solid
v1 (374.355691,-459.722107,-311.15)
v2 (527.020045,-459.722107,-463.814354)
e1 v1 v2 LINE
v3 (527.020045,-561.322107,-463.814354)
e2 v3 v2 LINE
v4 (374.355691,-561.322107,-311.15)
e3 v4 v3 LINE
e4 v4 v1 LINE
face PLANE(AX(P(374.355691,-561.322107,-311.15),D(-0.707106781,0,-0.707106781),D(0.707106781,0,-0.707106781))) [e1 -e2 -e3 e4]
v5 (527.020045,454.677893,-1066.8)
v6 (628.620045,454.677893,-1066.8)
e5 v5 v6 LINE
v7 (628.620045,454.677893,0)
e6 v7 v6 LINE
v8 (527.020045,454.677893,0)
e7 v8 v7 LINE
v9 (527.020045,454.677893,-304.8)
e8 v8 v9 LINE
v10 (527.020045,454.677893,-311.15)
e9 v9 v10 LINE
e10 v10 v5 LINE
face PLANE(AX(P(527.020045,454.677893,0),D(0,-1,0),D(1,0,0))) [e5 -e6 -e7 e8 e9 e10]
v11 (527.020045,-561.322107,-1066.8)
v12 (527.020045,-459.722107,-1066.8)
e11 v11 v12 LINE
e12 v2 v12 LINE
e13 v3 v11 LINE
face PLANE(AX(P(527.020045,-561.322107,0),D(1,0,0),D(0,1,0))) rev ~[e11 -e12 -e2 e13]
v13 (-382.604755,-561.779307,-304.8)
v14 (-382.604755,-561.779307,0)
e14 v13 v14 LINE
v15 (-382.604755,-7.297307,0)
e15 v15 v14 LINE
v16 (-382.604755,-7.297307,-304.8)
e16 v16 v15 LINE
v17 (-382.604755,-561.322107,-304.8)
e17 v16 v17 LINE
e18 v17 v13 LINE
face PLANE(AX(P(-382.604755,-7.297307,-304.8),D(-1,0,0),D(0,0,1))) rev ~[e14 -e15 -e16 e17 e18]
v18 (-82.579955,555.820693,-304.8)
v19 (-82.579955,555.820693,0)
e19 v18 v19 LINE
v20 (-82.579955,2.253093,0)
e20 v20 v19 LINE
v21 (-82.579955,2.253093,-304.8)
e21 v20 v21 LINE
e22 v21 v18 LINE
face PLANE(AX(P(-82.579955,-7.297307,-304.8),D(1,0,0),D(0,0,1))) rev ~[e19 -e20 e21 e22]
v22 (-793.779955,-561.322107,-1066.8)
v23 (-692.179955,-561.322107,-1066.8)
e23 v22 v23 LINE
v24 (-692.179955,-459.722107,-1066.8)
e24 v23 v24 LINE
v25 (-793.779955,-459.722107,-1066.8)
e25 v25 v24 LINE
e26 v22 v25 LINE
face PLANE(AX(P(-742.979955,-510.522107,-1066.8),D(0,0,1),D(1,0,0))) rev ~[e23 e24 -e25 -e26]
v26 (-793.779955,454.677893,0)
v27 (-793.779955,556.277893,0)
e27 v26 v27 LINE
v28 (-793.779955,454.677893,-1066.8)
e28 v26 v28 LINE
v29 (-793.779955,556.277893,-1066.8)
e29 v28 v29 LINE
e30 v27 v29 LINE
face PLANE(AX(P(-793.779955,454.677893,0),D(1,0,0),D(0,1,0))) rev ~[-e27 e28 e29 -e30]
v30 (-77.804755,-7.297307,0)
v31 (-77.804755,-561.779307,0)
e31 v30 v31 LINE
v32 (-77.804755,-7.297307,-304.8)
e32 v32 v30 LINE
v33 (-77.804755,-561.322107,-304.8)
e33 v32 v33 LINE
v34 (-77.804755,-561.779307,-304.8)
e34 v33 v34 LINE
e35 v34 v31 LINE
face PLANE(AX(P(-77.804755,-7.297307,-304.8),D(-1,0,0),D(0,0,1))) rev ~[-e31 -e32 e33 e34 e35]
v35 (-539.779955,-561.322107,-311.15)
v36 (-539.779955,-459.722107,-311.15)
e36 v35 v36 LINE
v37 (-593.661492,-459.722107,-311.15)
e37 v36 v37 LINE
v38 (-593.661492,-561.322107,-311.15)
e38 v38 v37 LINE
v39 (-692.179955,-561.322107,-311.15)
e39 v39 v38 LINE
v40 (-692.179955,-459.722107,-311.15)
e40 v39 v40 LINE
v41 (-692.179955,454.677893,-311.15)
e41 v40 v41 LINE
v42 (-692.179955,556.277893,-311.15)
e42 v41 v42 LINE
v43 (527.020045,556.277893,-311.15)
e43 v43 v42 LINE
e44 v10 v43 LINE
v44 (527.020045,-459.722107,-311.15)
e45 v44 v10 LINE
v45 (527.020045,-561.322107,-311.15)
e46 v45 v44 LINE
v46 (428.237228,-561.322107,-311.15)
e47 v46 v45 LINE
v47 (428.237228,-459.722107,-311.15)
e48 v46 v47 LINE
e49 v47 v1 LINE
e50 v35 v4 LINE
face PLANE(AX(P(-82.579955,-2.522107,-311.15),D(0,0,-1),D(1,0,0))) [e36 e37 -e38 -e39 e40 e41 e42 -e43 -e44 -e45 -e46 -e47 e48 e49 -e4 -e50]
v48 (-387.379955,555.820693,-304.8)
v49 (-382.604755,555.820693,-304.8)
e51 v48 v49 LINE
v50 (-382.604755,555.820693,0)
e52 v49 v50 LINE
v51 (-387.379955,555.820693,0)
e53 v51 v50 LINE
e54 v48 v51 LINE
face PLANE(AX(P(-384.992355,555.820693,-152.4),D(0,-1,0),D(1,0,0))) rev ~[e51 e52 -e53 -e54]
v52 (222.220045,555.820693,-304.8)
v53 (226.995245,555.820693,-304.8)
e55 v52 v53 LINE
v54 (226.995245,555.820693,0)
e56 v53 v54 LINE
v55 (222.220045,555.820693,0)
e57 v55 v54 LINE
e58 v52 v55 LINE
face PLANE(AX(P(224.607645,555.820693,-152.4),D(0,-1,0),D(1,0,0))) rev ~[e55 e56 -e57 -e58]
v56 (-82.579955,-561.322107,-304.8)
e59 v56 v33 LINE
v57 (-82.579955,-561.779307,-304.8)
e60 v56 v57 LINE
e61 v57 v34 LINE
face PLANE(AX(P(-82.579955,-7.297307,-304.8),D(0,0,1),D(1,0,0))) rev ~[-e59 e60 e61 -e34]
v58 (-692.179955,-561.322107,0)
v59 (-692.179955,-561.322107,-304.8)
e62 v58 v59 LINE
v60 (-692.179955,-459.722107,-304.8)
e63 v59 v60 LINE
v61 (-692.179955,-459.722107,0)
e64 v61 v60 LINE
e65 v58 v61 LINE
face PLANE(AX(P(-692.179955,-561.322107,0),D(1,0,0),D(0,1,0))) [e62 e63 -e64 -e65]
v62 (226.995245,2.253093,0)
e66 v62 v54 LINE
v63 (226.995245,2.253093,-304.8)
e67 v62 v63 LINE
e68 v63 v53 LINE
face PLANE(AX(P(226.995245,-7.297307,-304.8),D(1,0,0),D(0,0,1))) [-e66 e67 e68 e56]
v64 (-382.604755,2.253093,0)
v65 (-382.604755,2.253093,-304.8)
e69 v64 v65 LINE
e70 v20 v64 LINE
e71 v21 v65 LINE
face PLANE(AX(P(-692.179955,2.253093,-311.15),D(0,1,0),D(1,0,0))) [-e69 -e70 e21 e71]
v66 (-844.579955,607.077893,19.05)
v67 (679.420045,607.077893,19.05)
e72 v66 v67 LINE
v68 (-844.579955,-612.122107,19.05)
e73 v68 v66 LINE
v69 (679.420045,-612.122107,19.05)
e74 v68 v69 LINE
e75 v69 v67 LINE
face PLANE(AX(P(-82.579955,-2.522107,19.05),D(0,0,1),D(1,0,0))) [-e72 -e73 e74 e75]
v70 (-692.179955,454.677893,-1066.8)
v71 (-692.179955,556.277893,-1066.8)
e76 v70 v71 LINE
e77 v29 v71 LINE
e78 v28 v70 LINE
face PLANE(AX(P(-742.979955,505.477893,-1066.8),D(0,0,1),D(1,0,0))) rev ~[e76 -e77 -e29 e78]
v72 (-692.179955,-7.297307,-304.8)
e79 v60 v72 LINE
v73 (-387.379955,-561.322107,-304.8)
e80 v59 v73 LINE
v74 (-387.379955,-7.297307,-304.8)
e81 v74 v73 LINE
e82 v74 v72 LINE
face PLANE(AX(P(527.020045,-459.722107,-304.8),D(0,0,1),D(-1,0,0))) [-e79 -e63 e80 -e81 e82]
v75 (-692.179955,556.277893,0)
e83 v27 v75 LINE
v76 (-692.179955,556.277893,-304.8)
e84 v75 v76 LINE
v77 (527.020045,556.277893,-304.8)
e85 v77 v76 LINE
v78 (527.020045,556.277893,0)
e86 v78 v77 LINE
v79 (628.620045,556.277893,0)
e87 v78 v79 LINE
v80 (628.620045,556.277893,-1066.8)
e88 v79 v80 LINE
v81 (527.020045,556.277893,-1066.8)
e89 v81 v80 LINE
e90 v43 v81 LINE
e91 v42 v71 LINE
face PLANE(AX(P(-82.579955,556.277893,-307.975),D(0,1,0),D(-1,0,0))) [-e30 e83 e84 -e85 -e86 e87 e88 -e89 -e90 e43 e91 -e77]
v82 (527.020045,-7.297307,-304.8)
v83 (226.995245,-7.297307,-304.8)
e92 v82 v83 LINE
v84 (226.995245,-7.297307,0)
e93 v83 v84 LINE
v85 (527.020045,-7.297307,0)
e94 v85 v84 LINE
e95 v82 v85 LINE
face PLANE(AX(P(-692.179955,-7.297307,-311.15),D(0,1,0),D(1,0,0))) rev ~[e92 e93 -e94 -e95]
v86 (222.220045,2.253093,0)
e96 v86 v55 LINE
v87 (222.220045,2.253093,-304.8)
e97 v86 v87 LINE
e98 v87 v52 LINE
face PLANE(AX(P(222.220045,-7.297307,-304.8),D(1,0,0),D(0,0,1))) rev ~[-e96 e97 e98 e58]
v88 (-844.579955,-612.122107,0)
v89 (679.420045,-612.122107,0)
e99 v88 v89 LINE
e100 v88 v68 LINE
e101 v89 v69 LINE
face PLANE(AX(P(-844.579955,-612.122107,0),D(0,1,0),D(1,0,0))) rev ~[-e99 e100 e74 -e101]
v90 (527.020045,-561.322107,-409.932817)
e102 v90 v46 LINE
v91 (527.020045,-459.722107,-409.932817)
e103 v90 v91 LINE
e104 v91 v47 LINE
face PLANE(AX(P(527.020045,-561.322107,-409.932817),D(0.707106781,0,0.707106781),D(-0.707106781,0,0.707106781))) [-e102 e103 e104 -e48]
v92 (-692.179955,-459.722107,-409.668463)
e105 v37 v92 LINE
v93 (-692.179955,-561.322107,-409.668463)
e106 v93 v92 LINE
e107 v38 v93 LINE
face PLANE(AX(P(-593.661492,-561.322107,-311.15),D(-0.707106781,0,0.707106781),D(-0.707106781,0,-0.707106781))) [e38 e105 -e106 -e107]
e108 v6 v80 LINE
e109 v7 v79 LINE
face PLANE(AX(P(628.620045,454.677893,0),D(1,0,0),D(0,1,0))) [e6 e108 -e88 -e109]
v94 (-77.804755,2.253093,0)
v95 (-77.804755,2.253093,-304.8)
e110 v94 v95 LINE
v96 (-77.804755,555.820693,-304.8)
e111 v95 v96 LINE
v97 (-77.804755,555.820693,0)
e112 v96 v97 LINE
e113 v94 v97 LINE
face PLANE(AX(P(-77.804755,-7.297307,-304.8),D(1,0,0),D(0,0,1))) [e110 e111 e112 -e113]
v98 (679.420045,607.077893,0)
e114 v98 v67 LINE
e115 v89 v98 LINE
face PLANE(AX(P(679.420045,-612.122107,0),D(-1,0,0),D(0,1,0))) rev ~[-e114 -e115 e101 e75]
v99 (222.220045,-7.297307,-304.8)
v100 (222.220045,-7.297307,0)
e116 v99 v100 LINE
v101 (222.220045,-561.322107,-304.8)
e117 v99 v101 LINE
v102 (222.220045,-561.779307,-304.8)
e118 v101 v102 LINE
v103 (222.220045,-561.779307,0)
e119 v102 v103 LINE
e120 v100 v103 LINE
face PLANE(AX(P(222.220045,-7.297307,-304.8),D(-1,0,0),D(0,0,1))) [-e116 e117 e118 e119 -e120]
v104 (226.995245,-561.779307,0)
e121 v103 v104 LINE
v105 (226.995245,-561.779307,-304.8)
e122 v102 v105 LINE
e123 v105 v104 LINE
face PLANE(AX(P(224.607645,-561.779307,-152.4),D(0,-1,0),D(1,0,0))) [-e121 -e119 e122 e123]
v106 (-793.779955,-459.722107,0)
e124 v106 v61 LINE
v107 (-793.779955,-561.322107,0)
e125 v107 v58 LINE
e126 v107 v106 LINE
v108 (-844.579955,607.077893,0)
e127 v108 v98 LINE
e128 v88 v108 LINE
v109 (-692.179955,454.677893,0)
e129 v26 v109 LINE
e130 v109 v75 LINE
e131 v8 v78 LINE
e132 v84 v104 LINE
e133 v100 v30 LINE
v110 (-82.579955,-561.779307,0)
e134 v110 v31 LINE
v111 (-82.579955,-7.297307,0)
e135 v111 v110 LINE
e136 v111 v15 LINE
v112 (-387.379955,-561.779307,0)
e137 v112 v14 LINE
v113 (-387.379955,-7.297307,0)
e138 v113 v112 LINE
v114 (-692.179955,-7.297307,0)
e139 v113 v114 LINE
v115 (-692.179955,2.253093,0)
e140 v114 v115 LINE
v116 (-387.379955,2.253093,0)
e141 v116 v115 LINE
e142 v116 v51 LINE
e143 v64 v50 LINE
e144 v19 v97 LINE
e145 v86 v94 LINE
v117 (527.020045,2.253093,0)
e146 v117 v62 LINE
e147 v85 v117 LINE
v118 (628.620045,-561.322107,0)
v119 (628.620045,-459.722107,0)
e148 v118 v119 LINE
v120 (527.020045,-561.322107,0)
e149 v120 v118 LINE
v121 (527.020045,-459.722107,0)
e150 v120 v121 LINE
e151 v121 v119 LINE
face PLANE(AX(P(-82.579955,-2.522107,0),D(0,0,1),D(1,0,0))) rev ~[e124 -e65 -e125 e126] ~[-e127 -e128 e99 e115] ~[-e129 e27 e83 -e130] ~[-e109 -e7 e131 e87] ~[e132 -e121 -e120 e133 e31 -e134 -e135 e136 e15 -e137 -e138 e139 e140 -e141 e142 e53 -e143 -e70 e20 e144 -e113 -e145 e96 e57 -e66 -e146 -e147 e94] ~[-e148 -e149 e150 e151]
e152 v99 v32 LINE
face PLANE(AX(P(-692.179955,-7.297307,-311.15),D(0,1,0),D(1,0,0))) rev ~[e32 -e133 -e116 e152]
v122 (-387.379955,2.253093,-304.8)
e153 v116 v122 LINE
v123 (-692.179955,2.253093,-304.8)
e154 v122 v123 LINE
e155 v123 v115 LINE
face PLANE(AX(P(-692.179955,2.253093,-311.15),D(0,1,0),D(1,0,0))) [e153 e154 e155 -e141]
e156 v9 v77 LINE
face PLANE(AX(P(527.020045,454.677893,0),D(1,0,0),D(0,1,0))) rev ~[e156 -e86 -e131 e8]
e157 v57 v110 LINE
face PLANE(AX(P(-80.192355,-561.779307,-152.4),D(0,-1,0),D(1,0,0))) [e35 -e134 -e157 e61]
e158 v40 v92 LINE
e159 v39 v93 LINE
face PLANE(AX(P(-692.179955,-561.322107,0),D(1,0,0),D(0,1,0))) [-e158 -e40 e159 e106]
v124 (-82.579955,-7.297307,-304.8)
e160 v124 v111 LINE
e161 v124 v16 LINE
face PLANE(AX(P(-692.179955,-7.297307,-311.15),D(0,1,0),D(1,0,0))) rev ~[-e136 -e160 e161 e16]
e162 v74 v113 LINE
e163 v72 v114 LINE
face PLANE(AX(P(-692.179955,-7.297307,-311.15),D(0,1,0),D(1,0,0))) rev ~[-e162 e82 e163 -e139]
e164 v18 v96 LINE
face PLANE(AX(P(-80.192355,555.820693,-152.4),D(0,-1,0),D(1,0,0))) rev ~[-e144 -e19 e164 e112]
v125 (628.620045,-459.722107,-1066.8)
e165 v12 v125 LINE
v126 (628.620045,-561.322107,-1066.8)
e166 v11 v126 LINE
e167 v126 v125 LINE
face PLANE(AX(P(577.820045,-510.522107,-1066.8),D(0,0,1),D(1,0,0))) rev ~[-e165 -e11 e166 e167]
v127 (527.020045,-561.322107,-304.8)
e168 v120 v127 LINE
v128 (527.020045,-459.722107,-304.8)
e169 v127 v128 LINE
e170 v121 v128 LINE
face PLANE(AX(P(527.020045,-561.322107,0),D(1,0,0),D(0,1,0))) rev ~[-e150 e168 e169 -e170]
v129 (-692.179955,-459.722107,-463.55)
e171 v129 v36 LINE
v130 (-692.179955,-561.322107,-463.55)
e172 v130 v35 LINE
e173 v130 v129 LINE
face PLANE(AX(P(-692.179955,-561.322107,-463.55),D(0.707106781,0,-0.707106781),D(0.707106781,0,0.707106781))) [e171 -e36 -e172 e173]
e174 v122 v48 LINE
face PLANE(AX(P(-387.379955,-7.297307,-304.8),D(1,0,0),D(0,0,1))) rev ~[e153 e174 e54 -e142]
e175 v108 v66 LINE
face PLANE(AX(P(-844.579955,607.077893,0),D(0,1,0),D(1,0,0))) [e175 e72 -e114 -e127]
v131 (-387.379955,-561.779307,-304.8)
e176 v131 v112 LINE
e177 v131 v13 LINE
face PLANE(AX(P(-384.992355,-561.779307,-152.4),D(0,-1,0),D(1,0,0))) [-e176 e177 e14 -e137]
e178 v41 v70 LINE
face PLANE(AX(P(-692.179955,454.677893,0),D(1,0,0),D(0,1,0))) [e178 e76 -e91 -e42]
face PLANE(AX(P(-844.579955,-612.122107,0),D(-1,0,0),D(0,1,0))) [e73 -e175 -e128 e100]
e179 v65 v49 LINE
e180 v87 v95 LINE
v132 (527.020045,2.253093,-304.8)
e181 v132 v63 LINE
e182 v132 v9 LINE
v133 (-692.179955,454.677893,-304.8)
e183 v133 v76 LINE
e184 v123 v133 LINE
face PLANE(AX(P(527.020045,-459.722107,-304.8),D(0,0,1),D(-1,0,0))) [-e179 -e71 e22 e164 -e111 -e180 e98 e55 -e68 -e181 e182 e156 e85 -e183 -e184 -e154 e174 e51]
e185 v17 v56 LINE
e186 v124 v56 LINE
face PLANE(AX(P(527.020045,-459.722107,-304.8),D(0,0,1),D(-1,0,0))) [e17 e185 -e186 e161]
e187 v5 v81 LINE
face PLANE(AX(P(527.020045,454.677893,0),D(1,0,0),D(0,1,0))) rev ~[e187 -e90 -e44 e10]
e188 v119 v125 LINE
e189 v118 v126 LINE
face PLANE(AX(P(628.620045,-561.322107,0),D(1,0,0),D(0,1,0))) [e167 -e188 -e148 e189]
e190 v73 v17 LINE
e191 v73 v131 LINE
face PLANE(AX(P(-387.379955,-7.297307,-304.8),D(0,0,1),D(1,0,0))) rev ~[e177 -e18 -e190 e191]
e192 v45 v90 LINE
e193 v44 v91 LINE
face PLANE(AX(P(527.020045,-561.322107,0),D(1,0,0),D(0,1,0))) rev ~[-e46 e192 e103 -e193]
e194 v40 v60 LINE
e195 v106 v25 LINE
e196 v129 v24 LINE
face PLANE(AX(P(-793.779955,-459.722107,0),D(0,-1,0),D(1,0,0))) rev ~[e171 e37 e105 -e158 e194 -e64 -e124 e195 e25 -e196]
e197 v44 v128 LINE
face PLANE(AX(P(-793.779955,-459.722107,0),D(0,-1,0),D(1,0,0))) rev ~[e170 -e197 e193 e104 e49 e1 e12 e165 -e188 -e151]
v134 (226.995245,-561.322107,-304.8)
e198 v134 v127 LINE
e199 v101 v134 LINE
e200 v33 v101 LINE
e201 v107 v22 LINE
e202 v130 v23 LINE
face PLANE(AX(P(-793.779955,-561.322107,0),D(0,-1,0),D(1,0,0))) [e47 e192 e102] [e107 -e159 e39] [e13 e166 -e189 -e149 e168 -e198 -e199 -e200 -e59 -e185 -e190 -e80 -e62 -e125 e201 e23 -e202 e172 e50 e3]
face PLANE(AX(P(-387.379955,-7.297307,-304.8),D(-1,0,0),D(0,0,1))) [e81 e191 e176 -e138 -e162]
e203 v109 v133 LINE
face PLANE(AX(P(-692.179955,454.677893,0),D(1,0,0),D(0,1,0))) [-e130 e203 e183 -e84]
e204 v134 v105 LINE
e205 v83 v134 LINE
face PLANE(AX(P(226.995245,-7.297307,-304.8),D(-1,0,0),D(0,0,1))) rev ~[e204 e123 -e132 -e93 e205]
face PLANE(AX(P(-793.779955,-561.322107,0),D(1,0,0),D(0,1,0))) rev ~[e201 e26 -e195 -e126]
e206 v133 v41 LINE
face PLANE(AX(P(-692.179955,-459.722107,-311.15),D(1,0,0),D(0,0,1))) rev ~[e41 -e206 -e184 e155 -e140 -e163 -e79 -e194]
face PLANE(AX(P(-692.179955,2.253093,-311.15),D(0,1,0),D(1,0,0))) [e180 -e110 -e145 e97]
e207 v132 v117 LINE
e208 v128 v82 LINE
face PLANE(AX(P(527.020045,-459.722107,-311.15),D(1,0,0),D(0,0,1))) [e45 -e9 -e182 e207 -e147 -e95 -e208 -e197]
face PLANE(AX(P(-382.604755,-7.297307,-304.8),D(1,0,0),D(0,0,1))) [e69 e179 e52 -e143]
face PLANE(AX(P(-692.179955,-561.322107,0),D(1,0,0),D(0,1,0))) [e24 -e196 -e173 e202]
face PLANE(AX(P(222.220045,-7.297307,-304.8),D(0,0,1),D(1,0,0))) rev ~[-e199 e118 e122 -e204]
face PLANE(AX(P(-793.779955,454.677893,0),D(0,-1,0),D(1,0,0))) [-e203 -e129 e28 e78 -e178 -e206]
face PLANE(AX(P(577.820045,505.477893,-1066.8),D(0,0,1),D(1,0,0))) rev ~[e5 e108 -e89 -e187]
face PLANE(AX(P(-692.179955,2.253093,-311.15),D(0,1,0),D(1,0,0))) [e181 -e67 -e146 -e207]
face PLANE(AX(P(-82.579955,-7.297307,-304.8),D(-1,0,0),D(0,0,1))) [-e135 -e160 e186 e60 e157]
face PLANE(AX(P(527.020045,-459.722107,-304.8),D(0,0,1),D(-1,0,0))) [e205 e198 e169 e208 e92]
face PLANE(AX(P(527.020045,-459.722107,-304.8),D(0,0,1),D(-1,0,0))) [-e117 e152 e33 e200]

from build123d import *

# Parameters (mm, degrees)
F0_W      = 1524
F0_H      = 1219.2
F1_DEPTH  = 19.05
F2_W      = 101.6
F2_H      = 101.6
F3_DEPTH  = 1066.8
F4_W      = 101.6
F4_H      = 6.35
F5_DEPTH  = 1219.2
F6_W      = 1219.2
F6_H      = 6.35
F7_DEPTH  = 1016
F8_W      = 1219.2
F8_H      = 9.5504
F9_DEPTH  = 311.658
F10_W     = 4.7752
F10_H     = 304.8
F11_DEPTH = 554.482
F12_DEPTH = 563.118
F14_DEPTH = 101.6
F15_DEPTH = 101.6


with BuildPart() as f1:
    # F0 (on Top) → F1 (new body)
    with BuildSketch(Plane.XY):
        with Locations((-82.5799548888, -2.5221072137)):
            Rectangle(F0_W, F0_H)
    extrude(amount=F1_DEPTH)

    # F2 (on face) → F3 (join)
    with BuildSketch(Plane.XY):
        with Locations((-742.9799548888, -510.5221072137)):
            Rectangle(F2_W, F2_H)
        with Locations((577.8200451112, -510.5221072137)):
            Rectangle(F2_W, F2_H)
        with Locations((577.8200451112, 505.4778927863)):
            Rectangle(F2_W, F2_H)
        with Locations((-742.9799548888, 505.4778927863)):
            Rectangle(F2_W, F2_H)
    extrude(amount=-F3_DEPTH)

    # F4 (on face) → F5 (join, through all)
    with BuildSketch(Plane.YZ.offset(-692.1799548888)):
        with Locations((-510.5221072137, -307.975)):
            Rectangle(F4_W, F4_H)
    extrude(amount=F5_DEPTH)

    # F6 (on face) → F7 (join)
    with BuildSketch(Plane(origin=(0, -459.7221072137, 0), x_dir=(-1, 0, 0), z_dir=(0, 1, 0))):
        with Locations((82.5799548888, -307.975)):
            Rectangle(F6_W, F6_H)
    extrude(amount=F7_DEPTH)

    # F8 (on face) → F9 (join)
    with BuildSketch(Plane(origin=(0, 0, -311.15), x_dir=(1, 0, 0), z_dir=(0, 0, -1))):
        with Locations((-82.5799548888, 2.5221072137)):
            Rectangle(F8_W, F8_H)
    extrude(amount=-F9_DEPTH)

    # F10 (on face) → F11 (join)
    with BuildSketch(Plane.XZ.offset(7.2973072137)):
        with Locations((-384.9923548888, -152.4)):
            Rectangle(F10_W, F10_H)
        with Locations((-80.1923548888, -152.4)):
            Rectangle(F10_W, F10_H)
        with Locations((224.6076451112, -152.4)):
            Rectangle(F10_W, F10_H)
    extrude(amount=F11_DEPTH)

    # F10 (on face) → F12 (join)
    with BuildSketch(Plane.XZ.offset(7.2973072137)):
        with Locations((-384.9923548888, -152.4)):
            Rectangle(F10_W, F10_H)
        with Locations((-80.1923548888, -152.4)):
            Rectangle(F10_W, F10_H)
        with Locations((224.6076451112, -152.4)):
            Rectangle(F10_W, F10_H)
    extrude(amount=-F12_DEPTH)

    # F13 (on face) → F14 (join)
    with BuildSketch(Plane.XZ.offset(561.3221072137)):
        Polygon((-692.1799548888, -409.6684632736), (-692.1799548888, -463.55), (-539.7799548888, -311.15), (-593.6614916152, -311.15), align=None)
    extrude(amount=-F14_DEPTH)

    # F13 (on face) → F15 (join)
    with BuildSketch(Plane.XZ.offset(561.3221072137)):
        Polygon((428.2372277794, -311.15), (374.355691053, -311.15), (527.0200451112, -463.8143540582), (527.0200451112, -409.9328173318), align=None)
    extrude(amount=-F15_DEPTH)


solid = f1.part
